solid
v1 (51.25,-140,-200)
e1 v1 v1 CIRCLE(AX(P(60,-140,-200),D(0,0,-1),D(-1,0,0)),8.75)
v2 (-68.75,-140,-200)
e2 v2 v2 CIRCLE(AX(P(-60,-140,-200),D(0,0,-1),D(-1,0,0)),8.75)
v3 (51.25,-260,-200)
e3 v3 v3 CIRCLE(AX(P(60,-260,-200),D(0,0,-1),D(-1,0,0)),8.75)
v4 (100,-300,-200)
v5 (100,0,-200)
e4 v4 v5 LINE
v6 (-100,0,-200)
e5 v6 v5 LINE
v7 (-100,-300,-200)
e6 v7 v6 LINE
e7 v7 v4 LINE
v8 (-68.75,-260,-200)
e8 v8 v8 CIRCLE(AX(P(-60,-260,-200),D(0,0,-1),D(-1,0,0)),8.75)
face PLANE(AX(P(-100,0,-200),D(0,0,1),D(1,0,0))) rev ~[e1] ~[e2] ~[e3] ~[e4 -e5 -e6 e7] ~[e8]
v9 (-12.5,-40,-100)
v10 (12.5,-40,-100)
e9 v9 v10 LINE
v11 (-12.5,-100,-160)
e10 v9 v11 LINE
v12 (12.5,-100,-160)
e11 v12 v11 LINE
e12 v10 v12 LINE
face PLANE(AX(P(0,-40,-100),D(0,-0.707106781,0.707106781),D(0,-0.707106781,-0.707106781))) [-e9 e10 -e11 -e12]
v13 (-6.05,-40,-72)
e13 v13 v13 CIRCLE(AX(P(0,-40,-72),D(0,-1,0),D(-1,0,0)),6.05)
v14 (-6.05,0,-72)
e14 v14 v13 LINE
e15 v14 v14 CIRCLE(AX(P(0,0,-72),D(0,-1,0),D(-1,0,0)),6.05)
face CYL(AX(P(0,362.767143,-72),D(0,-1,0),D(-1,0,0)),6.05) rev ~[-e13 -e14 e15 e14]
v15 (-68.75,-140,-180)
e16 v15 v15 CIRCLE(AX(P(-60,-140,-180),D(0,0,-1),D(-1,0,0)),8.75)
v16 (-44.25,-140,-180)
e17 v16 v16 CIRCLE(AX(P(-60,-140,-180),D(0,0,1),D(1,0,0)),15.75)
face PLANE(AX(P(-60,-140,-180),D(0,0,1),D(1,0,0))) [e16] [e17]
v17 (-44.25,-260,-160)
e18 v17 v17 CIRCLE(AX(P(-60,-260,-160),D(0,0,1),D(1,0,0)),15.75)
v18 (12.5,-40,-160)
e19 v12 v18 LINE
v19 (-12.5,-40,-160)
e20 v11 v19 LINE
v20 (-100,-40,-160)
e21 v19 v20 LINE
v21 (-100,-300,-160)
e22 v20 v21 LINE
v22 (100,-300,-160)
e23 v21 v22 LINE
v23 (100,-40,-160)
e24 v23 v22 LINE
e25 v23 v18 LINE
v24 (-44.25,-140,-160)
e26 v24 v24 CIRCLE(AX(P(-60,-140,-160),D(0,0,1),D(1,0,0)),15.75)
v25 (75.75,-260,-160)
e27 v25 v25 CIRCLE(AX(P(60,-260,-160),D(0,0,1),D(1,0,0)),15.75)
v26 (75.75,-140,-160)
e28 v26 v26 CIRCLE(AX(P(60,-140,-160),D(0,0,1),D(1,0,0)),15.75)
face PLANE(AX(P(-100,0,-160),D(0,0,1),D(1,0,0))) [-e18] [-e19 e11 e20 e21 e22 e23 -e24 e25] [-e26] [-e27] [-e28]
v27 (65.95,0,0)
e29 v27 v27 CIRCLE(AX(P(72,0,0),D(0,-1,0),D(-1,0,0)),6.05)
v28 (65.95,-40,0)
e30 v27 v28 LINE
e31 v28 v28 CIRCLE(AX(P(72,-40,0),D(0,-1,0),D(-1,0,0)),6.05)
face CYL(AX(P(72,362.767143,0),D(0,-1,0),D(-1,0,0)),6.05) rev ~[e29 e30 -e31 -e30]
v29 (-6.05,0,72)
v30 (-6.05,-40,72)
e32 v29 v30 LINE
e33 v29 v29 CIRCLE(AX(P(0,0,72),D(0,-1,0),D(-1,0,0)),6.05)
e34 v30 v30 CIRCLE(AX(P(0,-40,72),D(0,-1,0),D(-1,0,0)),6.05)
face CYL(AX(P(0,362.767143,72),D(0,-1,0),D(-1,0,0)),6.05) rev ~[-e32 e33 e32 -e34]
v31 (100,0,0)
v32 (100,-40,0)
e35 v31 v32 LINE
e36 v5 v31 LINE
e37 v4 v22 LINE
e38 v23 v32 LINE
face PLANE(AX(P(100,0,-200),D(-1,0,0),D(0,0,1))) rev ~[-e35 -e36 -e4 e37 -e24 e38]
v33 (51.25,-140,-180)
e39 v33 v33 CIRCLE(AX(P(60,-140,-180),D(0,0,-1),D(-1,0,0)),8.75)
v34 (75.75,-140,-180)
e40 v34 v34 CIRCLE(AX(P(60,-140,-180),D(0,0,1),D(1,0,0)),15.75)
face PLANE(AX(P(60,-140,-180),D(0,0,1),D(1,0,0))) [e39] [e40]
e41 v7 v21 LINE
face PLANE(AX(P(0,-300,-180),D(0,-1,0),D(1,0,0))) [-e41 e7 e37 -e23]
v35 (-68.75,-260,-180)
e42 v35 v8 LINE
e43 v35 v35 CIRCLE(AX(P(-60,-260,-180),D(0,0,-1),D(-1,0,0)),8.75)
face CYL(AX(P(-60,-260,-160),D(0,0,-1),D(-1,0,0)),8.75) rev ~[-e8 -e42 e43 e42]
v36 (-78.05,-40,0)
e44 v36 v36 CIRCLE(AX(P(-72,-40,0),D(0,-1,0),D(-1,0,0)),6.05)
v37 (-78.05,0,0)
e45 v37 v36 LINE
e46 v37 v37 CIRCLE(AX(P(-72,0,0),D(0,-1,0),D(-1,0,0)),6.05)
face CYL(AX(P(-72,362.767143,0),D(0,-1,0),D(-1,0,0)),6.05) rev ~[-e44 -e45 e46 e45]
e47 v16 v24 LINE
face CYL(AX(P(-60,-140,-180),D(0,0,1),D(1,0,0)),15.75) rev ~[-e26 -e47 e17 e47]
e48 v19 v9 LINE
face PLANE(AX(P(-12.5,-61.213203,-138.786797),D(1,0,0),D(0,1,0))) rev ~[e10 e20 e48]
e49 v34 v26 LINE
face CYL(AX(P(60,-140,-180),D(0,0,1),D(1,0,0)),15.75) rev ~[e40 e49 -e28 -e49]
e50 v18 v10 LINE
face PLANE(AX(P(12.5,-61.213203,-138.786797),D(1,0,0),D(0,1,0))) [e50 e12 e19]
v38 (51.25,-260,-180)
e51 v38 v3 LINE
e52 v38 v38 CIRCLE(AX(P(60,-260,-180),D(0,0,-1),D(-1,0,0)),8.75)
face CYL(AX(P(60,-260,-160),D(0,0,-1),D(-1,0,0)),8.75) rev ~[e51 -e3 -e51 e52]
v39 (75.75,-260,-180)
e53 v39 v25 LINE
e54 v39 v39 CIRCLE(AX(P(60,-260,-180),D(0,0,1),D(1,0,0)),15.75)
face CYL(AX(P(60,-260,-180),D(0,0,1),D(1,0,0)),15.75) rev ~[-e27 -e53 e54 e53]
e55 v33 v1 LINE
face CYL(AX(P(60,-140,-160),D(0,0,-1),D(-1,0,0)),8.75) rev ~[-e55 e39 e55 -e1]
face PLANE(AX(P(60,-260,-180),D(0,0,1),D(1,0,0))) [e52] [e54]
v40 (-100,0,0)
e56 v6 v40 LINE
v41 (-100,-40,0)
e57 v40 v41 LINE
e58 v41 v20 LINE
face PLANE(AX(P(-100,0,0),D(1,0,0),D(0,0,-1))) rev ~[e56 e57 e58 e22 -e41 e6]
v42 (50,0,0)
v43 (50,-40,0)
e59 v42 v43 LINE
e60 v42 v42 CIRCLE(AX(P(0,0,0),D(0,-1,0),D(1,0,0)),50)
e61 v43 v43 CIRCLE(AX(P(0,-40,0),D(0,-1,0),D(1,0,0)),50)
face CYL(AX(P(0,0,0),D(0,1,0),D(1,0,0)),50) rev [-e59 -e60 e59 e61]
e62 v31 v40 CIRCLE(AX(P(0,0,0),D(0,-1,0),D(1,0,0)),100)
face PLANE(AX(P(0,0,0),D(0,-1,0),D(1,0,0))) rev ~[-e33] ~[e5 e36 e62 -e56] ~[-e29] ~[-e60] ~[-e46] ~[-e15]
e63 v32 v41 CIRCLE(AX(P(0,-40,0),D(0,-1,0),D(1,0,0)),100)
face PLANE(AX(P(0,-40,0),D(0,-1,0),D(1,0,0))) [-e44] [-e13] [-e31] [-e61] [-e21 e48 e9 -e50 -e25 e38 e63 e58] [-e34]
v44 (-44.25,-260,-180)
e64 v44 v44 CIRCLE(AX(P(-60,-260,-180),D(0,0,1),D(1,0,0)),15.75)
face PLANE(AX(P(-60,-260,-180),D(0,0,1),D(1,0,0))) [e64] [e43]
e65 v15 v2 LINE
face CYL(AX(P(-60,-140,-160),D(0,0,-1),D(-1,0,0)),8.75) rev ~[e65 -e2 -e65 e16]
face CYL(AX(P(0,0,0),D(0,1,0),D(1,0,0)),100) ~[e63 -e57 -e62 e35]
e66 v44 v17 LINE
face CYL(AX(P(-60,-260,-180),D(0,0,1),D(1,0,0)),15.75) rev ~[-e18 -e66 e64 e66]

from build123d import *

# Parameters (mm, degrees)
F0_R           = 7
F0_R_2         = 50
F0_W           = 200
F0_H           = 40
F1_DEPTH       = 40
F2_D           = 12.1
F3_DEPTH       = 300
F5_D           = 17.5
F5_CBORE_D     = 31.5
F5_CBORE_DEPTH = 20
F7_DEPTH       = 12.5


with BuildPart() as f1:
    # F0 (on Front) → F1 (new body)
    with BuildSketch(Plane.XZ):
        with BuildLine():
            ThreePointArc((-100, 0), (0, -100), (100, 0))
            ThreePointArc((100, 0), (0, 100), (-100, 0))
        make_face()
        with Locations((0, -72)):
            Circle(F0_R, mode=Mode.SUBTRACT)
        with Locations((-72, 0)):
            Circle(F0_R, mode=Mode.SUBTRACT)
        Circle(F0_R_2, mode=Mode.SUBTRACT)
        with Locations((72, 0)):
            Circle(F0_R, mode=Mode.SUBTRACT)
        with Locations((0, 72)):
            Circle(F0_R, mode=Mode.SUBTRACT)
        with BuildLine():
            Line((100, -160), (100, 0))
            ThreePointArc((100, 0), (0, -100), (-100, 0))
            Line((-100, 0), (-100, -160))
            Line((-100, -160), (100, -160))
        make_face()
        with Locations((0, -180)):
            Rectangle(F0_W, F0_H)
        with Locations((0, 72)):
            Circle(F0_R)
        with Locations((72, 0)):
            Circle(F0_R)
        with Locations((0, -72)):
            Circle(F0_R)
        with Locations((-72, 0)):
            Circle(F0_R)
    extrude(amount=F1_DEPTH)

    # F2 (through all)
    with Locations(Plane(origin=(0, 0, 0), x_dir=(1, 0, 0), z_dir=(0, 1, 0))):
        with Locations((-72, 0), (0, 72), (72, 0), (0, -72)):
            Hole(F2_D / 2)

    # F0 (on Front) → F3 (join)
    with BuildSketch(Plane.XZ):
        with Locations((0, -180)):
            Rectangle(F0_W, F0_H)
    extrude(amount=F3_DEPTH)

    # F5 (through all)
    with Locations(Plane.XY.offset(-160)):
        with Locations((60, -260), (-60, -260), (60, -140), (-60, -140)):
            CounterBoreHole(F5_D / 2, F5_CBORE_D / 2, F5_CBORE_DEPTH)

    # F6 (on Right) → F7 (join, symmetric)
    with BuildSketch(Plane.YZ):
        Polygon((-40, -160), (-40, -100), (-100, -160), align=None)
    extrude(amount=F7_DEPTH, both=True)


solid = f1.part
